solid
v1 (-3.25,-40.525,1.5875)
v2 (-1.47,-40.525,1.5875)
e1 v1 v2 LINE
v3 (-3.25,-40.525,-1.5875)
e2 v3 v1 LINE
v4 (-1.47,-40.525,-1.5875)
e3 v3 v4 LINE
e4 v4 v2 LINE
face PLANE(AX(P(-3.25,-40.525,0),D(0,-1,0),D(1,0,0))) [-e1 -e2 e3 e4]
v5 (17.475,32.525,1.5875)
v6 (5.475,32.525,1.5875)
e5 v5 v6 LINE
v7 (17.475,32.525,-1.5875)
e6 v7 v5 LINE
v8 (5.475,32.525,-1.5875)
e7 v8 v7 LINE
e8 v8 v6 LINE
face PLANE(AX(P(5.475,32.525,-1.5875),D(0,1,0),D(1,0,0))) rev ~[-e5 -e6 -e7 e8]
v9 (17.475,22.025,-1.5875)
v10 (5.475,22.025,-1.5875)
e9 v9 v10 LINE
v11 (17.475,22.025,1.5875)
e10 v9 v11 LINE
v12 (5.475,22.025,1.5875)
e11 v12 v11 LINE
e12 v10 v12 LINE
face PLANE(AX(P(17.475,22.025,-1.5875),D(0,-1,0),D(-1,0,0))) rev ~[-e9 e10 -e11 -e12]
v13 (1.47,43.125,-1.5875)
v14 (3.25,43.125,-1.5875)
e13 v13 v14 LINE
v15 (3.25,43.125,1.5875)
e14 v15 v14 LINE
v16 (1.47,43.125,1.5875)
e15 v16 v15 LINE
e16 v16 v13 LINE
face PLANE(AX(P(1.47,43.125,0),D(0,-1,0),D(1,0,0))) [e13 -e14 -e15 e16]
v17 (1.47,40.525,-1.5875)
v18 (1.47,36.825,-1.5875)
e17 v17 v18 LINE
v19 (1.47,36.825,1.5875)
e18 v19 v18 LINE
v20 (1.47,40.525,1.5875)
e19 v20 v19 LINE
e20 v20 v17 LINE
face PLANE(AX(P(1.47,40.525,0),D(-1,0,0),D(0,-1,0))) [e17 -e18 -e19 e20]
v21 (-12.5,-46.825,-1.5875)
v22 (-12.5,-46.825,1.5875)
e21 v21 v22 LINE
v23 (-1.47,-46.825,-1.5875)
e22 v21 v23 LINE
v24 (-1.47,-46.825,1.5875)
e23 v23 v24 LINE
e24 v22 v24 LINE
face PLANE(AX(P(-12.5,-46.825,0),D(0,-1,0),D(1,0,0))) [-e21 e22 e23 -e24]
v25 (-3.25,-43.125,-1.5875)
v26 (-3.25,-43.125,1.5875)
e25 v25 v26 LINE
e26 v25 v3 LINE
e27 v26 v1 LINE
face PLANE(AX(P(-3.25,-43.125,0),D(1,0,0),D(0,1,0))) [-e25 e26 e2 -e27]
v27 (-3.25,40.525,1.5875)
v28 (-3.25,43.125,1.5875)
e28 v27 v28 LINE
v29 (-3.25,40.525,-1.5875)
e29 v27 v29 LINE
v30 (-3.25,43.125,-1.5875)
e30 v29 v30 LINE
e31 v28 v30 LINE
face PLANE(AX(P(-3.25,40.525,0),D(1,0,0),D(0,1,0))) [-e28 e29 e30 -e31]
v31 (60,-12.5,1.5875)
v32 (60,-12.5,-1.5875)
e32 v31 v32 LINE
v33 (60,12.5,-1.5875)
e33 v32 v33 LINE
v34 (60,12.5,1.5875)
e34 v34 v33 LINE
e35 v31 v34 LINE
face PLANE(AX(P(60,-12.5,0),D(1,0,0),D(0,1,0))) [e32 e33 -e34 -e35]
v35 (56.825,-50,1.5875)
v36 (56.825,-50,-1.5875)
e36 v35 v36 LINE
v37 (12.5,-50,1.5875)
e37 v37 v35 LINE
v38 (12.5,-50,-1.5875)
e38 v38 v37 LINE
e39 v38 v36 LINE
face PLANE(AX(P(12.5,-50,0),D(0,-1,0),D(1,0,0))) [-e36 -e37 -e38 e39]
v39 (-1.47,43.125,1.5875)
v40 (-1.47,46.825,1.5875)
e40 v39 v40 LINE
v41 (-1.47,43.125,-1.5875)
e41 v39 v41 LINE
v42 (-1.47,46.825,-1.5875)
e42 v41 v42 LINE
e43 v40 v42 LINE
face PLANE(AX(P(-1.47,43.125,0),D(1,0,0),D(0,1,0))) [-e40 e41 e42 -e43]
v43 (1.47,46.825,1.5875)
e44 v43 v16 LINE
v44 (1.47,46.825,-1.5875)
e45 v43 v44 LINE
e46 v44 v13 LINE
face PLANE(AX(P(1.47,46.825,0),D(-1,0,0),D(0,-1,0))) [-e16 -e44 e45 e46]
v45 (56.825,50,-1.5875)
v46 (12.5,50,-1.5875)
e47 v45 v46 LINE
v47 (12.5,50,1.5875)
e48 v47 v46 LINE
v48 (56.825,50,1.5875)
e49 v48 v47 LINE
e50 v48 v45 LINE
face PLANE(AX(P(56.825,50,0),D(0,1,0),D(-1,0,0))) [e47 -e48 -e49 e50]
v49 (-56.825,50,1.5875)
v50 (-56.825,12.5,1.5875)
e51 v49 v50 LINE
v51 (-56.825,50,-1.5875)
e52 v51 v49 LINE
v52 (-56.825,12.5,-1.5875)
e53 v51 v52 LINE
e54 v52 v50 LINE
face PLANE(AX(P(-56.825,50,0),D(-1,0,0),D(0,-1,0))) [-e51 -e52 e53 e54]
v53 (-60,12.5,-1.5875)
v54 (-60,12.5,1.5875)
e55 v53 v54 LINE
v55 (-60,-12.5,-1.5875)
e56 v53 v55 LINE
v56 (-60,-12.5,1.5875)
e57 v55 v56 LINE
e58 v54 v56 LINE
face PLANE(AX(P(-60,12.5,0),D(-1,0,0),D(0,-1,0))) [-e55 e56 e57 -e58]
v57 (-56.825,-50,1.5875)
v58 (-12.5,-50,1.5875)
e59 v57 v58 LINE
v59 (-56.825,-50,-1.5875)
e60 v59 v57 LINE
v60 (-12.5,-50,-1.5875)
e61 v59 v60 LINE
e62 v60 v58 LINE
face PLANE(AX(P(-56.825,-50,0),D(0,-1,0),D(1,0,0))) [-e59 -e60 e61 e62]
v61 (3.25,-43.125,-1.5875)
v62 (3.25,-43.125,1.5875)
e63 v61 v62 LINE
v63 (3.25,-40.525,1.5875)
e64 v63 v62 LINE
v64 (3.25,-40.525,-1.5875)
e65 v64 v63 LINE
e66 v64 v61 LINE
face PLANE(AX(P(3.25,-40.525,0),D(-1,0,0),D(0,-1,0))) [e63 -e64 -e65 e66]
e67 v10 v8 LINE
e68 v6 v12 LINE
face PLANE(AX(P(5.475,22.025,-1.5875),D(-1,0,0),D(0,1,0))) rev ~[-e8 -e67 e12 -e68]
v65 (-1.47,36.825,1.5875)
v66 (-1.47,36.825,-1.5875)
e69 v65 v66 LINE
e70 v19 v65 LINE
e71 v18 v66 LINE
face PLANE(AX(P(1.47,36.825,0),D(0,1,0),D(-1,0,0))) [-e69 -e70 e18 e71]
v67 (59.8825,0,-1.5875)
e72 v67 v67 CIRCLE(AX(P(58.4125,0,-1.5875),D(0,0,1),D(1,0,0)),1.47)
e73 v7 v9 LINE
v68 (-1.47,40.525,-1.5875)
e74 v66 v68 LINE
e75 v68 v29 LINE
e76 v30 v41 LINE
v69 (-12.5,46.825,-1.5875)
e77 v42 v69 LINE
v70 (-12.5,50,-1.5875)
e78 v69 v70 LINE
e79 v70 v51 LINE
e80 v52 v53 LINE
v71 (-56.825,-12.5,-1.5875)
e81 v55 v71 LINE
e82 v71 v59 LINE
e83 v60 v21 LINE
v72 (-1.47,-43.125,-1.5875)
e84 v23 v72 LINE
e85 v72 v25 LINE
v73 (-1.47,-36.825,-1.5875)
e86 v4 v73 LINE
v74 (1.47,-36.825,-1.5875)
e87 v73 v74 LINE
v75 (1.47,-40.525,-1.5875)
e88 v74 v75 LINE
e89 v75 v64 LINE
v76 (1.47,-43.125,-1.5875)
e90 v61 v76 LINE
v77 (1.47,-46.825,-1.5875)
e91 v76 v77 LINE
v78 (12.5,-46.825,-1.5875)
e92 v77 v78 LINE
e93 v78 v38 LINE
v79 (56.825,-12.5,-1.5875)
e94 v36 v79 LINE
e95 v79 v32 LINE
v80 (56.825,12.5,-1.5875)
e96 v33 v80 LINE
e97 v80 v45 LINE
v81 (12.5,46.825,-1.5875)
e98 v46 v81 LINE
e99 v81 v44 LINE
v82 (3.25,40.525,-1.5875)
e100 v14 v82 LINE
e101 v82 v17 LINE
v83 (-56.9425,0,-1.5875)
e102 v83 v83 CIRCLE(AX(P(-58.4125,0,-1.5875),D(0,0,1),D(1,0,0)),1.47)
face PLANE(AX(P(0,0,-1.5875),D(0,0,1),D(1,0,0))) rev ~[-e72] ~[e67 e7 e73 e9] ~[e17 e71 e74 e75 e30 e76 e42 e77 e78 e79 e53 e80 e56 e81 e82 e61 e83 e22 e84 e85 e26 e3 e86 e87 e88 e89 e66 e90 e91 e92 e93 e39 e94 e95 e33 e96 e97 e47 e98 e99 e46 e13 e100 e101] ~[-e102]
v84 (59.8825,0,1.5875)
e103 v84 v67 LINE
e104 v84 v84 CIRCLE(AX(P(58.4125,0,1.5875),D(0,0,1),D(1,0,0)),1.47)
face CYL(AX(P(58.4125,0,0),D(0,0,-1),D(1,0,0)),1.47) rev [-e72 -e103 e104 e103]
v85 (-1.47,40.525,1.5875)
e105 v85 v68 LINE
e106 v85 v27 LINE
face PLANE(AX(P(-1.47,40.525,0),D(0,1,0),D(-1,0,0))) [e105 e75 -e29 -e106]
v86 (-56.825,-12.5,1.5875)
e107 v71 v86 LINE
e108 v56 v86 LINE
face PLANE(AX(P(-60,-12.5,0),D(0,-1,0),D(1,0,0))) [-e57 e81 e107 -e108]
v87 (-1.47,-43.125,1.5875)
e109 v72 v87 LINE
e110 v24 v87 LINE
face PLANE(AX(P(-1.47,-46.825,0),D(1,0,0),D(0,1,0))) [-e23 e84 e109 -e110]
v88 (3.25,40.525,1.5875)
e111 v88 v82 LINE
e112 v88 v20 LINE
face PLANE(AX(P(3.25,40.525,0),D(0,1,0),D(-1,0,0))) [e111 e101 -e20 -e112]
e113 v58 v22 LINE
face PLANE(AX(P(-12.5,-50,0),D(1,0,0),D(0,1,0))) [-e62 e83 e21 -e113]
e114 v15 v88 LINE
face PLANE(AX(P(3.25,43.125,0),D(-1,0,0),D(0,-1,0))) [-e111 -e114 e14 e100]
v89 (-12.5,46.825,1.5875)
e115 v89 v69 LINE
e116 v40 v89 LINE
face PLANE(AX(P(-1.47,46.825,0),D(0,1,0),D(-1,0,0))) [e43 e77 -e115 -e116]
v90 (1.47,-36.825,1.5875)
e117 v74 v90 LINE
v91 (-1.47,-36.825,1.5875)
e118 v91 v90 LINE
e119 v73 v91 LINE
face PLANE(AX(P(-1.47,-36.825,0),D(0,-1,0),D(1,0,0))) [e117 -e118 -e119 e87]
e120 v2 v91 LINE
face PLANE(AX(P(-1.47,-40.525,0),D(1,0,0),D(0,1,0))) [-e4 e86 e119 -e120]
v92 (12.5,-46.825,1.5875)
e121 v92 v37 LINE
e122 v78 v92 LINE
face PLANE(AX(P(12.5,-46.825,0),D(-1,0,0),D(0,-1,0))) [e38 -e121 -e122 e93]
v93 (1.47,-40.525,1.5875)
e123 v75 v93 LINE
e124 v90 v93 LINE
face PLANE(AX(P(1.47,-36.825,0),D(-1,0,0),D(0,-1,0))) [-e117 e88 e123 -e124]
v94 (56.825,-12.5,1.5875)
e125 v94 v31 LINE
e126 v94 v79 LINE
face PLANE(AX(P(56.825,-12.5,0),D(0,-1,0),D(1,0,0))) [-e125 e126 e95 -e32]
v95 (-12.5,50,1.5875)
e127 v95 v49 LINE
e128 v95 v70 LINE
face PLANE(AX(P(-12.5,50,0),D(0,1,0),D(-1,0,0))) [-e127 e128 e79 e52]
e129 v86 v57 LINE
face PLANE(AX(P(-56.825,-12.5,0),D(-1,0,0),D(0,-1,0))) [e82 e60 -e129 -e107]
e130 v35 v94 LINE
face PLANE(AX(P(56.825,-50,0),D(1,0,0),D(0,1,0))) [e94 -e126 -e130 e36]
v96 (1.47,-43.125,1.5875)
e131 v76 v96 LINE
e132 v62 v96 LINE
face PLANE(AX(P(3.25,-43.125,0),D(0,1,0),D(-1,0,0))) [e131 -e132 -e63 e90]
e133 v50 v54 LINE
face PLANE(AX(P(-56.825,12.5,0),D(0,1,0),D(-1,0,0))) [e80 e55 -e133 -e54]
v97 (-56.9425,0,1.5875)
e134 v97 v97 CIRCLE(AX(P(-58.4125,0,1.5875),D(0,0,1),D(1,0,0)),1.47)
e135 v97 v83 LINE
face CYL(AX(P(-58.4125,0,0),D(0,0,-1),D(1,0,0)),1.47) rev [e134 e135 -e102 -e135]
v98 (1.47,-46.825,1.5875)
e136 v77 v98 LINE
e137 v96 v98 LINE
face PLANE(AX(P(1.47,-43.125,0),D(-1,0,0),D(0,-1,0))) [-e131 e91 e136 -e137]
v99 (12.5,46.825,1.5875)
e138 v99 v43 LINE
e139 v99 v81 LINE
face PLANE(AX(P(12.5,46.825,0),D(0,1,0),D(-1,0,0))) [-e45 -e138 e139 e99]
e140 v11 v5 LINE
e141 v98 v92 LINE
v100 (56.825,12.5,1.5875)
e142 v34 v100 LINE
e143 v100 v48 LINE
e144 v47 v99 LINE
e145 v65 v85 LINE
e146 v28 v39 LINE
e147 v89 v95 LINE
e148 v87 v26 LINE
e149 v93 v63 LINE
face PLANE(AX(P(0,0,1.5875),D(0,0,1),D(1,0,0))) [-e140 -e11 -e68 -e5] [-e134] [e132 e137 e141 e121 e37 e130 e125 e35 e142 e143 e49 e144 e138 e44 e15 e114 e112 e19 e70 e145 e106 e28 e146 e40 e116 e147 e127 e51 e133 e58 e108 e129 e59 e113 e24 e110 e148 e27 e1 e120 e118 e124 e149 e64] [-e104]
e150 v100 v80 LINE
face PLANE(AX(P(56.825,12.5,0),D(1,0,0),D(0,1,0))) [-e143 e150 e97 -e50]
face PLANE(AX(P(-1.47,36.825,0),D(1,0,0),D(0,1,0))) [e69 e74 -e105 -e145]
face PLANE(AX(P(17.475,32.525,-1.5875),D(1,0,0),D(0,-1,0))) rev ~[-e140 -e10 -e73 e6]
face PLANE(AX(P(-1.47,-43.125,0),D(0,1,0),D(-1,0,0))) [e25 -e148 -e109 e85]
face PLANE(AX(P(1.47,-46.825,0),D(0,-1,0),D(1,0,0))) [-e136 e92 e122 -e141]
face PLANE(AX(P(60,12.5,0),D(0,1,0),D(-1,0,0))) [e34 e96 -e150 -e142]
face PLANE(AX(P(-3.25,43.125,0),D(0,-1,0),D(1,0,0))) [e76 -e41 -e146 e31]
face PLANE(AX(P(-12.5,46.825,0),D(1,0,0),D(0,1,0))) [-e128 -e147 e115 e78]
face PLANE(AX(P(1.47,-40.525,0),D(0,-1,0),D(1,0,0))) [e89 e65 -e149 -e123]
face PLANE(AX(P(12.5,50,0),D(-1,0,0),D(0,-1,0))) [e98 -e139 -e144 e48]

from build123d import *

# Parameters (mm, degrees)
SKETCH1_R           = 1.47
BOSS_EXTRUDE1_DEPTH = 1.5875
CUT_EXTRUDE1_DEPTH  = 4.175


with BuildPart() as part:
    # Sketch1 → Boss-Extrude1 (new body, symmetric)
    with BuildSketch(Plane.XY):
        Polygon((-12.5, 50), (-56.825, 50), (-56.825, 12.5), (-60, 12.5), (-60, -12.5), (-56.825, -12.5), (-56.825, -50), (-12.5, -50), (-12.5, -46.825), (-1.47, -46.825), (-1.47, -43.125), (-3.25, -43.125), (-3.25, -40.525), (-1.47, -40.525), (-1.47, -36.825), (1.47, -36.825), (1.47, -40.525), (3.25, -40.525), (3.25, -43.125), (1.47, -43.125), (1.47, -46.825), (12.5, -46.825), (12.5, -50), (56.825, -50), (56.825, -12.5), (60, -12.5), (60, 12.5), (56.825, 12.5), (56.825, 50), (12.5, 50), (12.5, 46.825), (1.47, 46.825), (1.47, 43.125), (3.25, 43.125), (3.25, 40.525), (1.47, 40.525), (1.47, 36.825), (-1.47, 36.825), (-1.47, 40.525), (-3.25, 40.525), (-3.25, 43.125), (-1.47, 43.125), (-1.47, 46.825), (-12.5, 46.825), align=None)
        with Locations((-58.4125, 0)):
            Circle(SKETCH1_R, mode=Mode.SUBTRACT)
        with Locations((58.4125, 0)):
            Circle(SKETCH1_R, mode=Mode.SUBTRACT)
    extrude(amount=BOSS_EXTRUDE1_DEPTH, both=True)

    # Sketch2 → Cut-Extrude1 (cut, through all)
    with BuildSketch(Plane(origin=(0, 0, -1.5875), x_dir=(-1, 0, 0), z_dir=(0, 0, -1))):
        Polygon((-5.975, 32.525), (-16.975, 32.525), (-17.475, 32.525), (-17.475, 32.025), (-17.475, 22.525), (-17.475, 22.025), (-16.975, 22.025), (-5.975, 22.025), (-5.475, 22.025), (-5.475, 22.525), (-5.475, 32.025), (-5.475, 32.525), align=None)
    extrude(amount=-CUT_EXTRUDE1_DEPTH, mode=Mode.SUBTRACT)


solid = part.part
